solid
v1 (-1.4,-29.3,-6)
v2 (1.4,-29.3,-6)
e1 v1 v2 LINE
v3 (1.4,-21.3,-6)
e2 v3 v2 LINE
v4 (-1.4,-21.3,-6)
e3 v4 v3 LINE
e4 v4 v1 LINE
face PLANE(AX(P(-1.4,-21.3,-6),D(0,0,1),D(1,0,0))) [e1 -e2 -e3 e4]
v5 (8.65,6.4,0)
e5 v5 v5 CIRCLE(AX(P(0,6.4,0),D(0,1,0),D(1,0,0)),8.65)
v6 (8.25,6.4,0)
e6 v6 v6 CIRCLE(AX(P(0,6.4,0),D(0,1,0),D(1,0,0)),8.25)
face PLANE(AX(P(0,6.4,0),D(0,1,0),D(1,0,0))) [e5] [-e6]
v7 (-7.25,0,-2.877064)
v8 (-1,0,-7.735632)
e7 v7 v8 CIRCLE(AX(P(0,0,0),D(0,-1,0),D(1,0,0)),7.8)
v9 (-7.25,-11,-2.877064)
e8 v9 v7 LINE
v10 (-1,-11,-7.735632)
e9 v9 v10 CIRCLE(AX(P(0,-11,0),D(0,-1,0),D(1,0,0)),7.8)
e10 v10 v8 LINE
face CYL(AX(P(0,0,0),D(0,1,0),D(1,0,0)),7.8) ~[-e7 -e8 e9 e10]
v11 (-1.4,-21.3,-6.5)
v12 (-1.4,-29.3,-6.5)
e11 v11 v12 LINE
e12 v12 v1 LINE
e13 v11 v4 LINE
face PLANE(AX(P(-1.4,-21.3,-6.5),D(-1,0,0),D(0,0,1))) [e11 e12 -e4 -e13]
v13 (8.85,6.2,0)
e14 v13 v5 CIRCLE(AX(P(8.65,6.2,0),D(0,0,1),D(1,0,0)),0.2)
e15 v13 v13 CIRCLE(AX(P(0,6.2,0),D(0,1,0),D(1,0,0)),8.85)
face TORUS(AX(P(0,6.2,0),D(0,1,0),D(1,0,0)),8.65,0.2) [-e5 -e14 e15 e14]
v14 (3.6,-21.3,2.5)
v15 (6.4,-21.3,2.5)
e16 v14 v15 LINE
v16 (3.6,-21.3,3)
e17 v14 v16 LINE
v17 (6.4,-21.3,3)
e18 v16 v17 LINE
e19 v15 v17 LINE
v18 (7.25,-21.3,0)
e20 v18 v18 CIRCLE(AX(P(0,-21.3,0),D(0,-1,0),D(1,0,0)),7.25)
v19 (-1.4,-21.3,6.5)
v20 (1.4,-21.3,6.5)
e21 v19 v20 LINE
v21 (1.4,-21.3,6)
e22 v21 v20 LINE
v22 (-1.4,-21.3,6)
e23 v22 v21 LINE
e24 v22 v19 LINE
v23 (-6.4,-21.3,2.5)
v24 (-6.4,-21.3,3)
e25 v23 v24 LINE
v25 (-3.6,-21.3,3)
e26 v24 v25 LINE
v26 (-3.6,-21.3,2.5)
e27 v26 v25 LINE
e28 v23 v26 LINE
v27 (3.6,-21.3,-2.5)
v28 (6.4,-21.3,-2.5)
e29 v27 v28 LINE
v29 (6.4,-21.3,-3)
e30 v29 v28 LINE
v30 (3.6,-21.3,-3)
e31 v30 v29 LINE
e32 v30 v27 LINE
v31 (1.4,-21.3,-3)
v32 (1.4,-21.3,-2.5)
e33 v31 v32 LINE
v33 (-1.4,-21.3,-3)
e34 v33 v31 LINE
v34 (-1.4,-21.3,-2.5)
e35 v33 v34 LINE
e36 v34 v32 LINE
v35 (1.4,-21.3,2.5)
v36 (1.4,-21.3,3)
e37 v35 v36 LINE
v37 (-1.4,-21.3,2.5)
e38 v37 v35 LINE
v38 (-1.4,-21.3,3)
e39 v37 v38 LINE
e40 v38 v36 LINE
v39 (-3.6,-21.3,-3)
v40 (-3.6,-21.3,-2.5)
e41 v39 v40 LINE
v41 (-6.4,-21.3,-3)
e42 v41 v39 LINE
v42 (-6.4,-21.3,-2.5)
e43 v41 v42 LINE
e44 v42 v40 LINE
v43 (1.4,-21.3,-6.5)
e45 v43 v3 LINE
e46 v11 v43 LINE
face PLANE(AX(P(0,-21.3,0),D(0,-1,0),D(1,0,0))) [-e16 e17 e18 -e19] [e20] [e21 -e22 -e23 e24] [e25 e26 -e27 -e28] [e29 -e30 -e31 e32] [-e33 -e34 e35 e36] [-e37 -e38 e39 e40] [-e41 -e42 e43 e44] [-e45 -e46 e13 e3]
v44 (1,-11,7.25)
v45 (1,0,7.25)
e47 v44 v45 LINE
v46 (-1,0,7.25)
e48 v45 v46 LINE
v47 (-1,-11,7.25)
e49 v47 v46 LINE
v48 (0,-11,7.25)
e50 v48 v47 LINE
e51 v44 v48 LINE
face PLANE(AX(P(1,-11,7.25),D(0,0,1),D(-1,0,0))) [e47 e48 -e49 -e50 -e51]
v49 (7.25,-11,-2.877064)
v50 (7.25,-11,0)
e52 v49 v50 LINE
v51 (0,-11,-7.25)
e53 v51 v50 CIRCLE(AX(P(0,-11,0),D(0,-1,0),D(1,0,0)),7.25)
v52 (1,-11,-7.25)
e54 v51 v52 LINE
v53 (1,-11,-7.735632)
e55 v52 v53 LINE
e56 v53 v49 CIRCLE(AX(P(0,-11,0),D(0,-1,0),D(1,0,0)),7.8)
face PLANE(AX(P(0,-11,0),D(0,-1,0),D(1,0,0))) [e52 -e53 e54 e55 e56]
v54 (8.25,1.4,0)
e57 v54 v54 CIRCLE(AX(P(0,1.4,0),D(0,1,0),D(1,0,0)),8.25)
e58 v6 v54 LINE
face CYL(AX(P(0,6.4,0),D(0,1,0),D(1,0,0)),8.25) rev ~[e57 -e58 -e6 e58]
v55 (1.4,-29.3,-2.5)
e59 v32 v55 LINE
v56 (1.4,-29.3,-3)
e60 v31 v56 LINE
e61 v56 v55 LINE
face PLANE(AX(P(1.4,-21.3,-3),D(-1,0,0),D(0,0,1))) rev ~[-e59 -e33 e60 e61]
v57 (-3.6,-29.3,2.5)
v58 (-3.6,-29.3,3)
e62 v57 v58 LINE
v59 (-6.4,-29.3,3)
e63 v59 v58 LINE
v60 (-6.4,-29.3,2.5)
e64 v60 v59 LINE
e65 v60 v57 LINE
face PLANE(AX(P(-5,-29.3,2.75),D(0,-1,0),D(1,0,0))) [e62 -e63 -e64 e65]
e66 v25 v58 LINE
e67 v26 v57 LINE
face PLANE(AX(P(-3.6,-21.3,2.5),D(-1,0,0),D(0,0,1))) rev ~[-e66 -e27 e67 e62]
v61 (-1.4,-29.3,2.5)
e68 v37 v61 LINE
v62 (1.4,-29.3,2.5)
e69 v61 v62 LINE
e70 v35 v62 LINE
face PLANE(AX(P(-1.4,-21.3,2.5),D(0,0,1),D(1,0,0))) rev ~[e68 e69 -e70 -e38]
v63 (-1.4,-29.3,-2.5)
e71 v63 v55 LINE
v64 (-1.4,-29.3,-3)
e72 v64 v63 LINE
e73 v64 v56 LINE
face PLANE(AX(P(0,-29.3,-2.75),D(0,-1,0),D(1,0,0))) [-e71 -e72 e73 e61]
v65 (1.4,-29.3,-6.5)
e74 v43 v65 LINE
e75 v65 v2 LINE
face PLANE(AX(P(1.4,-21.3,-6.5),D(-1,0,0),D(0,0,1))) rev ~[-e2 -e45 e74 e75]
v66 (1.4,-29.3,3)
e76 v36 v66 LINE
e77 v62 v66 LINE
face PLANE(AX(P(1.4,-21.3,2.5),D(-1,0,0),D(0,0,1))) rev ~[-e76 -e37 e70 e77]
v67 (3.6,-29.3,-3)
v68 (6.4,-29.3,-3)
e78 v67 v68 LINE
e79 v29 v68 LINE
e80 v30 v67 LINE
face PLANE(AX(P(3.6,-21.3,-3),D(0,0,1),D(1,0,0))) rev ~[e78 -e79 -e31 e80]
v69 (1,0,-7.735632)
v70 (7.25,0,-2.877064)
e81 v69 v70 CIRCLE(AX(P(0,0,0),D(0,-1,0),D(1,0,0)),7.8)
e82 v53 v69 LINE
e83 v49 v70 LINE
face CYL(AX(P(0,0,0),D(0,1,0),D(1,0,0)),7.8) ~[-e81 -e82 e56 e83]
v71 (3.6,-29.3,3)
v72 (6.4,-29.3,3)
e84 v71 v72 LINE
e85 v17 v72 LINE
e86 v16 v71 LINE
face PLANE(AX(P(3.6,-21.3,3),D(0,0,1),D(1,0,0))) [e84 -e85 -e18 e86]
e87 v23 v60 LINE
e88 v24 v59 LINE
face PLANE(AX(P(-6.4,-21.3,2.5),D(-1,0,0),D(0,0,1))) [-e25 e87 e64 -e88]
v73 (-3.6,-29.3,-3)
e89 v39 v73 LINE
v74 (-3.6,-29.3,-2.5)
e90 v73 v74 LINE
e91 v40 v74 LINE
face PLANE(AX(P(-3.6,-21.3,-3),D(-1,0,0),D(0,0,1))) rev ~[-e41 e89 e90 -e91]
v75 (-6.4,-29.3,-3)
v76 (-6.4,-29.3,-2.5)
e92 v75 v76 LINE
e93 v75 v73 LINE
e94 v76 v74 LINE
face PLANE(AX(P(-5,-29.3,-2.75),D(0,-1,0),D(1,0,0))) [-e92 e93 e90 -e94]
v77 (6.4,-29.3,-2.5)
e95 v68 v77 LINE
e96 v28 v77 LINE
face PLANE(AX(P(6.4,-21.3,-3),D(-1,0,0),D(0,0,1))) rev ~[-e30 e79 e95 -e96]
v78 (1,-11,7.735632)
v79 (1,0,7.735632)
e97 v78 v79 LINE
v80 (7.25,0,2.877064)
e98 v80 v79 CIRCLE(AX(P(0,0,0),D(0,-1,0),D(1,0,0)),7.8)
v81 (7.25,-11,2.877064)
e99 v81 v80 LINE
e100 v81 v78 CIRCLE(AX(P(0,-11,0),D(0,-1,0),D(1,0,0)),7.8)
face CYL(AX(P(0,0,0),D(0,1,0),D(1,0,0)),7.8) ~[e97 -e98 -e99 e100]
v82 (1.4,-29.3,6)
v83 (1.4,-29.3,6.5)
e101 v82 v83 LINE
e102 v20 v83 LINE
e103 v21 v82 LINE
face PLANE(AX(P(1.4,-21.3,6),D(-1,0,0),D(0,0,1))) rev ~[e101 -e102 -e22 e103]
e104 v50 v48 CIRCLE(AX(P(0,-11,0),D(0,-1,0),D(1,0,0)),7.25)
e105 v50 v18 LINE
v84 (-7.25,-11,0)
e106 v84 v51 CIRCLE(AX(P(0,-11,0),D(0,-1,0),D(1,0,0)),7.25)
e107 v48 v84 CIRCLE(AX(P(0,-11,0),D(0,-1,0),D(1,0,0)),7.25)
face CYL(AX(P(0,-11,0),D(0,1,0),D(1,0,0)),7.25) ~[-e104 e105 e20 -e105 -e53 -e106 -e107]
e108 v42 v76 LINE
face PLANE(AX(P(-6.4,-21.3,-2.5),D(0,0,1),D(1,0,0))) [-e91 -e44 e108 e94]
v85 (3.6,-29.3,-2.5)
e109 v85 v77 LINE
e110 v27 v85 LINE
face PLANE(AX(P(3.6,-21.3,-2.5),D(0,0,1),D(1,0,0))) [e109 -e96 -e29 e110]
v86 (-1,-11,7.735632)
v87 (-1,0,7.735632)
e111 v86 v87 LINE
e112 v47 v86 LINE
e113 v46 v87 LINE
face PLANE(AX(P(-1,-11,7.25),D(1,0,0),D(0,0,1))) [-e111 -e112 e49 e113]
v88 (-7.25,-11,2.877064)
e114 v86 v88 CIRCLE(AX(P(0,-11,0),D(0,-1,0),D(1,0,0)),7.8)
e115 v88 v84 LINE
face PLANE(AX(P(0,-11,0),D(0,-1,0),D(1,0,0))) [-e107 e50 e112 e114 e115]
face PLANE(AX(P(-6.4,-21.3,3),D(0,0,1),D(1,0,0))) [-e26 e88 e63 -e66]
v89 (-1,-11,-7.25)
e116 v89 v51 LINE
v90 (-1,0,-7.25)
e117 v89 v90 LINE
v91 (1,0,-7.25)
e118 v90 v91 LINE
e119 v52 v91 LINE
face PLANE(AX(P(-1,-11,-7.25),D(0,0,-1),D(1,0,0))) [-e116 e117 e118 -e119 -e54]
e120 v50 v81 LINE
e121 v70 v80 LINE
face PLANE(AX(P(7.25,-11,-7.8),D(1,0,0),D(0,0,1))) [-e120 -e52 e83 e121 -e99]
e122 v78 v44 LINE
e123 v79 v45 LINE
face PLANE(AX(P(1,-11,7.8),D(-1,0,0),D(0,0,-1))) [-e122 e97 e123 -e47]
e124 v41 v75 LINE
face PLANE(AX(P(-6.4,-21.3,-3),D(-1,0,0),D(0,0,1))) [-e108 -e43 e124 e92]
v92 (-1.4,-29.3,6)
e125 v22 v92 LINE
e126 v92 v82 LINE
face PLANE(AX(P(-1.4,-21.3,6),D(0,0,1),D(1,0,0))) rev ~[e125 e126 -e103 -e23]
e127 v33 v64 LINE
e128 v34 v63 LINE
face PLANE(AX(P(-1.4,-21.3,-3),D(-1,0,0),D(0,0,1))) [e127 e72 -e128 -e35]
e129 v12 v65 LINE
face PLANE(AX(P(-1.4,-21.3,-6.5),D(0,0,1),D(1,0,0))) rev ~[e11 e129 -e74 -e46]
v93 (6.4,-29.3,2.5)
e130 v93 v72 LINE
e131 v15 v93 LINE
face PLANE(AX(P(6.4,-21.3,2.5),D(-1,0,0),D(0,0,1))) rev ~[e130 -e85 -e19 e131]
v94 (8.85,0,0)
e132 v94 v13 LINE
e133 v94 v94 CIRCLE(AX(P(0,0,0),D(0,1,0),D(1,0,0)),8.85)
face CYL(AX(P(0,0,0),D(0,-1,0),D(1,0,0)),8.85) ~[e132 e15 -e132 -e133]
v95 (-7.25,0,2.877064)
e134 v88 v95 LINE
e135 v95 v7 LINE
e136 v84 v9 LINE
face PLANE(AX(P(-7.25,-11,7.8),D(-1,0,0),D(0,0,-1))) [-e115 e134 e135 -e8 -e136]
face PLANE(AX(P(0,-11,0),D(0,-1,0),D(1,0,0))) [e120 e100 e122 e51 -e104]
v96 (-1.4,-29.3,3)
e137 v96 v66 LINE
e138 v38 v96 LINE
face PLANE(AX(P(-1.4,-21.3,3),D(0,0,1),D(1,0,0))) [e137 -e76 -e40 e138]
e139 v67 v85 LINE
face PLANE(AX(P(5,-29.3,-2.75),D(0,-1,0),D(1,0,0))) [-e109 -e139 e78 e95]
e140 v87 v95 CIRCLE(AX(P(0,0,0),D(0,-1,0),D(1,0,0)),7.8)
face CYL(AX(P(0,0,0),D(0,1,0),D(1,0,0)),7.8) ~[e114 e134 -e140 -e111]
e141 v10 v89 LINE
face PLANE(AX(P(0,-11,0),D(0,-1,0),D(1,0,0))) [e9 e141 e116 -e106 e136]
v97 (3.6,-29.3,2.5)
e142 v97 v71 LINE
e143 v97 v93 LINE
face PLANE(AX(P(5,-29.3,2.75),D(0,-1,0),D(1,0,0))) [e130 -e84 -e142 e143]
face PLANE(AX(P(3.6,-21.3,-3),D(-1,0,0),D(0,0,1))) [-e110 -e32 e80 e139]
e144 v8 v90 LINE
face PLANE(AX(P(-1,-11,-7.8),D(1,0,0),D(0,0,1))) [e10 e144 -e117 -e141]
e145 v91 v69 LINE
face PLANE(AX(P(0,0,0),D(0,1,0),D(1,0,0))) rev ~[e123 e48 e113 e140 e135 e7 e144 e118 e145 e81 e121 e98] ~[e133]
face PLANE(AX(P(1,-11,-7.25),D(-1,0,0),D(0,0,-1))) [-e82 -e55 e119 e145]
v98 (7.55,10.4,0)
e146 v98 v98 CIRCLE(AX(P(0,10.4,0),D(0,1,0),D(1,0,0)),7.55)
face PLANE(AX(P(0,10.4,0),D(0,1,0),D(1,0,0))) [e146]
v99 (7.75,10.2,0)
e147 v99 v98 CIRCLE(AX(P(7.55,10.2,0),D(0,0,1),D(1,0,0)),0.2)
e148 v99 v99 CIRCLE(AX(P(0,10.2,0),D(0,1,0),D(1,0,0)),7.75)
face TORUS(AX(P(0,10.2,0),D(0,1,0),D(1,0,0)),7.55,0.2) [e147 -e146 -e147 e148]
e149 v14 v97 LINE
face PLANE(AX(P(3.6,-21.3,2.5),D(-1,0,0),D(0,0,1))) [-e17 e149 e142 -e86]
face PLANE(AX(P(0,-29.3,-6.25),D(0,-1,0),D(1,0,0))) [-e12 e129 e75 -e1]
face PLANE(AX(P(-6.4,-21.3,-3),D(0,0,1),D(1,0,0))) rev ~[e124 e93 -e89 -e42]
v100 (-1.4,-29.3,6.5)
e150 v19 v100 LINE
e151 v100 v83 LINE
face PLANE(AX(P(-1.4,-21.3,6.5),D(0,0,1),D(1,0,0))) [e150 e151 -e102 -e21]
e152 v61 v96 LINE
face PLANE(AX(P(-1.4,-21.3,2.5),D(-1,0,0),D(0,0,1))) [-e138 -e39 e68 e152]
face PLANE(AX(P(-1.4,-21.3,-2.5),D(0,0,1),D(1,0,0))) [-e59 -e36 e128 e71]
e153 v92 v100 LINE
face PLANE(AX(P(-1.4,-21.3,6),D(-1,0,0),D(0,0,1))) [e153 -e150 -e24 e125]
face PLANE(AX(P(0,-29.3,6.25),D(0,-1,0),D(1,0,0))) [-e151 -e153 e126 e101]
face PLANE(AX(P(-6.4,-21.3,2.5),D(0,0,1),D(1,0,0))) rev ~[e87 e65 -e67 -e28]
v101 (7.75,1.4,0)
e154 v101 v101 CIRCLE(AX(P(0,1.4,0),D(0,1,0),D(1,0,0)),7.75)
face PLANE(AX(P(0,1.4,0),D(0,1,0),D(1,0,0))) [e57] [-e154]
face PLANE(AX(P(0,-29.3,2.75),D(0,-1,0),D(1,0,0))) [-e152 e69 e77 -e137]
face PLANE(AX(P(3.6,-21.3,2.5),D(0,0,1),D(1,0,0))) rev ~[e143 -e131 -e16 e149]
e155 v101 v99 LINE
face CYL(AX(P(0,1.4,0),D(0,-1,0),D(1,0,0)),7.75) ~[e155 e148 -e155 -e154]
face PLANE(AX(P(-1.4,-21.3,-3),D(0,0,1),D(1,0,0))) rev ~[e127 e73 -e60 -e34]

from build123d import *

# Parameters (mm, degrees)
ESBO_O2_R                = 8.85
RESSALTO_EXTRUS_O1_DEPTH = 6.4
ESBO_O3_R                = 8.25
CORTE_EXTRUS_O1_DEPTH    = 5
ESBO_O4_R                = 7.75
RESSALTO_EXTRUS_O2_DEPTH = 9
FILETE1_R                = 0.2
ESBO_O5_R                = 7.8
RESSALTO_EXTRUS_O3_DEPTH = 11
ESBO_O6_R                = 7.25
RESSALTO_EXTRUS_O4_DEPTH = 10.3
ESBO_O7_W                = 21.473826642
ESBO_O7_H                = 23.10287556
CORTE_EXTRUS_O2_DEPTH    = 11
ESBO_O8_W                = 2.8
ESBO_O8_H                = 0.5
RESSALTO_EXTRUS_O5_DEPTH = 8


with BuildPart() as part:
    # Esboço2 → Ressalto-extrusão1 (new body)
    with BuildSketch(Plane(origin=(0, 0, 0), x_dir=(1, 0, 0), z_dir=(0, 1, 0))):
        Circle(ESBO_O2_R)
    extrude(amount=RESSALTO_EXTRUS_O1_DEPTH)

    # Esboço3 → Corte-extrusão1 (cut)
    with BuildSketch(Plane(origin=(0, 6.4, 0), x_dir=(1, 0, 0), z_dir=(0, 1, 0))):
        Circle(ESBO_O3_R)
    extrude(amount=-CORTE_EXTRUS_O1_DEPTH, mode=Mode.SUBTRACT)

    # Esboço4 → Ressalto-extrusão2 (add)
    with BuildSketch(Plane(origin=(0, 1.4, 0), x_dir=(1, 0, 0), z_dir=(0, 1, 0))):
        Circle(ESBO_O4_R)
    extrude(amount=RESSALTO_EXTRUS_O2_DEPTH)

    # Filete1
    filete1_edges = [part.edges().sort_by_distance(p)[0] for p in [
        (-7.75, 10.4, 0),
        (-8.85, 6.4, 0),
    ]]
    fillet(filete1_edges, radius=FILETE1_R)

    # Esboço5 → Ressalto-extrusão3 (add)
    with BuildSketch(Plane.XZ):
        Circle(ESBO_O5_R)
    extrude(amount=RESSALTO_EXTRUS_O3_DEPTH)

    # Esboço6 → Ressalto-extrusão4 (add)
    with BuildSketch(Plane.XZ.offset(11)):
        Circle(ESBO_O6_R)
    extrude(amount=RESSALTO_EXTRUS_O4_DEPTH)

    # Esboço7 → Corte-extrusão2 (cut)
    with BuildSketch(Plane.XZ.offset(11)):
        Rectangle(ESBO_O7_W, ESBO_O7_H)
        Polygon((-7.25, -7.8), (-1, -7.8), (-1, -7.25), (1, -7.25), (1, -7.8), (7.25, -7.8), (7.25, 7.8), (1, 7.8), (1, 7.25), (-1, 7.25), (-1, 7.8), (-7.25, 7.8), align=None, mode=Mode.SUBTRACT)
    extrude(amount=-CORTE_EXTRUS_O2_DEPTH, mode=Mode.SUBTRACT)

    # Esboço8 → Ressalto-extrusão5 (add)
    with BuildSketch(Plane.XZ.offset(21.3)):
        with Locations((-5, 2.75)):
            Rectangle(ESBO_O8_W, ESBO_O8_H)
        with Locations((0, 2.75)):
            Rectangle(ESBO_O8_W, ESBO_O8_H)
        with Locations((5, 2.75)):
            Rectangle(ESBO_O8_W, ESBO_O8_H)
        with Locations((0, 6.25)):
            Rectangle(ESBO_O8_W, ESBO_O8_H)
        with Locations((0, -6.25)):
            Rectangle(ESBO_O8_W, ESBO_O8_H)
        with Locations((5, -2.75)):
            Rectangle(ESBO_O8_W, ESBO_O8_H)
        with Locations((0, -2.75)):
            Rectangle(ESBO_O8_W, ESBO_O8_H)
        with Locations((-5, -2.75)):
            Rectangle(ESBO_O8_W, ESBO_O8_H)
    extrude(amount=RESSALTO_EXTRUS_O5_DEPTH)


solid = part.part
